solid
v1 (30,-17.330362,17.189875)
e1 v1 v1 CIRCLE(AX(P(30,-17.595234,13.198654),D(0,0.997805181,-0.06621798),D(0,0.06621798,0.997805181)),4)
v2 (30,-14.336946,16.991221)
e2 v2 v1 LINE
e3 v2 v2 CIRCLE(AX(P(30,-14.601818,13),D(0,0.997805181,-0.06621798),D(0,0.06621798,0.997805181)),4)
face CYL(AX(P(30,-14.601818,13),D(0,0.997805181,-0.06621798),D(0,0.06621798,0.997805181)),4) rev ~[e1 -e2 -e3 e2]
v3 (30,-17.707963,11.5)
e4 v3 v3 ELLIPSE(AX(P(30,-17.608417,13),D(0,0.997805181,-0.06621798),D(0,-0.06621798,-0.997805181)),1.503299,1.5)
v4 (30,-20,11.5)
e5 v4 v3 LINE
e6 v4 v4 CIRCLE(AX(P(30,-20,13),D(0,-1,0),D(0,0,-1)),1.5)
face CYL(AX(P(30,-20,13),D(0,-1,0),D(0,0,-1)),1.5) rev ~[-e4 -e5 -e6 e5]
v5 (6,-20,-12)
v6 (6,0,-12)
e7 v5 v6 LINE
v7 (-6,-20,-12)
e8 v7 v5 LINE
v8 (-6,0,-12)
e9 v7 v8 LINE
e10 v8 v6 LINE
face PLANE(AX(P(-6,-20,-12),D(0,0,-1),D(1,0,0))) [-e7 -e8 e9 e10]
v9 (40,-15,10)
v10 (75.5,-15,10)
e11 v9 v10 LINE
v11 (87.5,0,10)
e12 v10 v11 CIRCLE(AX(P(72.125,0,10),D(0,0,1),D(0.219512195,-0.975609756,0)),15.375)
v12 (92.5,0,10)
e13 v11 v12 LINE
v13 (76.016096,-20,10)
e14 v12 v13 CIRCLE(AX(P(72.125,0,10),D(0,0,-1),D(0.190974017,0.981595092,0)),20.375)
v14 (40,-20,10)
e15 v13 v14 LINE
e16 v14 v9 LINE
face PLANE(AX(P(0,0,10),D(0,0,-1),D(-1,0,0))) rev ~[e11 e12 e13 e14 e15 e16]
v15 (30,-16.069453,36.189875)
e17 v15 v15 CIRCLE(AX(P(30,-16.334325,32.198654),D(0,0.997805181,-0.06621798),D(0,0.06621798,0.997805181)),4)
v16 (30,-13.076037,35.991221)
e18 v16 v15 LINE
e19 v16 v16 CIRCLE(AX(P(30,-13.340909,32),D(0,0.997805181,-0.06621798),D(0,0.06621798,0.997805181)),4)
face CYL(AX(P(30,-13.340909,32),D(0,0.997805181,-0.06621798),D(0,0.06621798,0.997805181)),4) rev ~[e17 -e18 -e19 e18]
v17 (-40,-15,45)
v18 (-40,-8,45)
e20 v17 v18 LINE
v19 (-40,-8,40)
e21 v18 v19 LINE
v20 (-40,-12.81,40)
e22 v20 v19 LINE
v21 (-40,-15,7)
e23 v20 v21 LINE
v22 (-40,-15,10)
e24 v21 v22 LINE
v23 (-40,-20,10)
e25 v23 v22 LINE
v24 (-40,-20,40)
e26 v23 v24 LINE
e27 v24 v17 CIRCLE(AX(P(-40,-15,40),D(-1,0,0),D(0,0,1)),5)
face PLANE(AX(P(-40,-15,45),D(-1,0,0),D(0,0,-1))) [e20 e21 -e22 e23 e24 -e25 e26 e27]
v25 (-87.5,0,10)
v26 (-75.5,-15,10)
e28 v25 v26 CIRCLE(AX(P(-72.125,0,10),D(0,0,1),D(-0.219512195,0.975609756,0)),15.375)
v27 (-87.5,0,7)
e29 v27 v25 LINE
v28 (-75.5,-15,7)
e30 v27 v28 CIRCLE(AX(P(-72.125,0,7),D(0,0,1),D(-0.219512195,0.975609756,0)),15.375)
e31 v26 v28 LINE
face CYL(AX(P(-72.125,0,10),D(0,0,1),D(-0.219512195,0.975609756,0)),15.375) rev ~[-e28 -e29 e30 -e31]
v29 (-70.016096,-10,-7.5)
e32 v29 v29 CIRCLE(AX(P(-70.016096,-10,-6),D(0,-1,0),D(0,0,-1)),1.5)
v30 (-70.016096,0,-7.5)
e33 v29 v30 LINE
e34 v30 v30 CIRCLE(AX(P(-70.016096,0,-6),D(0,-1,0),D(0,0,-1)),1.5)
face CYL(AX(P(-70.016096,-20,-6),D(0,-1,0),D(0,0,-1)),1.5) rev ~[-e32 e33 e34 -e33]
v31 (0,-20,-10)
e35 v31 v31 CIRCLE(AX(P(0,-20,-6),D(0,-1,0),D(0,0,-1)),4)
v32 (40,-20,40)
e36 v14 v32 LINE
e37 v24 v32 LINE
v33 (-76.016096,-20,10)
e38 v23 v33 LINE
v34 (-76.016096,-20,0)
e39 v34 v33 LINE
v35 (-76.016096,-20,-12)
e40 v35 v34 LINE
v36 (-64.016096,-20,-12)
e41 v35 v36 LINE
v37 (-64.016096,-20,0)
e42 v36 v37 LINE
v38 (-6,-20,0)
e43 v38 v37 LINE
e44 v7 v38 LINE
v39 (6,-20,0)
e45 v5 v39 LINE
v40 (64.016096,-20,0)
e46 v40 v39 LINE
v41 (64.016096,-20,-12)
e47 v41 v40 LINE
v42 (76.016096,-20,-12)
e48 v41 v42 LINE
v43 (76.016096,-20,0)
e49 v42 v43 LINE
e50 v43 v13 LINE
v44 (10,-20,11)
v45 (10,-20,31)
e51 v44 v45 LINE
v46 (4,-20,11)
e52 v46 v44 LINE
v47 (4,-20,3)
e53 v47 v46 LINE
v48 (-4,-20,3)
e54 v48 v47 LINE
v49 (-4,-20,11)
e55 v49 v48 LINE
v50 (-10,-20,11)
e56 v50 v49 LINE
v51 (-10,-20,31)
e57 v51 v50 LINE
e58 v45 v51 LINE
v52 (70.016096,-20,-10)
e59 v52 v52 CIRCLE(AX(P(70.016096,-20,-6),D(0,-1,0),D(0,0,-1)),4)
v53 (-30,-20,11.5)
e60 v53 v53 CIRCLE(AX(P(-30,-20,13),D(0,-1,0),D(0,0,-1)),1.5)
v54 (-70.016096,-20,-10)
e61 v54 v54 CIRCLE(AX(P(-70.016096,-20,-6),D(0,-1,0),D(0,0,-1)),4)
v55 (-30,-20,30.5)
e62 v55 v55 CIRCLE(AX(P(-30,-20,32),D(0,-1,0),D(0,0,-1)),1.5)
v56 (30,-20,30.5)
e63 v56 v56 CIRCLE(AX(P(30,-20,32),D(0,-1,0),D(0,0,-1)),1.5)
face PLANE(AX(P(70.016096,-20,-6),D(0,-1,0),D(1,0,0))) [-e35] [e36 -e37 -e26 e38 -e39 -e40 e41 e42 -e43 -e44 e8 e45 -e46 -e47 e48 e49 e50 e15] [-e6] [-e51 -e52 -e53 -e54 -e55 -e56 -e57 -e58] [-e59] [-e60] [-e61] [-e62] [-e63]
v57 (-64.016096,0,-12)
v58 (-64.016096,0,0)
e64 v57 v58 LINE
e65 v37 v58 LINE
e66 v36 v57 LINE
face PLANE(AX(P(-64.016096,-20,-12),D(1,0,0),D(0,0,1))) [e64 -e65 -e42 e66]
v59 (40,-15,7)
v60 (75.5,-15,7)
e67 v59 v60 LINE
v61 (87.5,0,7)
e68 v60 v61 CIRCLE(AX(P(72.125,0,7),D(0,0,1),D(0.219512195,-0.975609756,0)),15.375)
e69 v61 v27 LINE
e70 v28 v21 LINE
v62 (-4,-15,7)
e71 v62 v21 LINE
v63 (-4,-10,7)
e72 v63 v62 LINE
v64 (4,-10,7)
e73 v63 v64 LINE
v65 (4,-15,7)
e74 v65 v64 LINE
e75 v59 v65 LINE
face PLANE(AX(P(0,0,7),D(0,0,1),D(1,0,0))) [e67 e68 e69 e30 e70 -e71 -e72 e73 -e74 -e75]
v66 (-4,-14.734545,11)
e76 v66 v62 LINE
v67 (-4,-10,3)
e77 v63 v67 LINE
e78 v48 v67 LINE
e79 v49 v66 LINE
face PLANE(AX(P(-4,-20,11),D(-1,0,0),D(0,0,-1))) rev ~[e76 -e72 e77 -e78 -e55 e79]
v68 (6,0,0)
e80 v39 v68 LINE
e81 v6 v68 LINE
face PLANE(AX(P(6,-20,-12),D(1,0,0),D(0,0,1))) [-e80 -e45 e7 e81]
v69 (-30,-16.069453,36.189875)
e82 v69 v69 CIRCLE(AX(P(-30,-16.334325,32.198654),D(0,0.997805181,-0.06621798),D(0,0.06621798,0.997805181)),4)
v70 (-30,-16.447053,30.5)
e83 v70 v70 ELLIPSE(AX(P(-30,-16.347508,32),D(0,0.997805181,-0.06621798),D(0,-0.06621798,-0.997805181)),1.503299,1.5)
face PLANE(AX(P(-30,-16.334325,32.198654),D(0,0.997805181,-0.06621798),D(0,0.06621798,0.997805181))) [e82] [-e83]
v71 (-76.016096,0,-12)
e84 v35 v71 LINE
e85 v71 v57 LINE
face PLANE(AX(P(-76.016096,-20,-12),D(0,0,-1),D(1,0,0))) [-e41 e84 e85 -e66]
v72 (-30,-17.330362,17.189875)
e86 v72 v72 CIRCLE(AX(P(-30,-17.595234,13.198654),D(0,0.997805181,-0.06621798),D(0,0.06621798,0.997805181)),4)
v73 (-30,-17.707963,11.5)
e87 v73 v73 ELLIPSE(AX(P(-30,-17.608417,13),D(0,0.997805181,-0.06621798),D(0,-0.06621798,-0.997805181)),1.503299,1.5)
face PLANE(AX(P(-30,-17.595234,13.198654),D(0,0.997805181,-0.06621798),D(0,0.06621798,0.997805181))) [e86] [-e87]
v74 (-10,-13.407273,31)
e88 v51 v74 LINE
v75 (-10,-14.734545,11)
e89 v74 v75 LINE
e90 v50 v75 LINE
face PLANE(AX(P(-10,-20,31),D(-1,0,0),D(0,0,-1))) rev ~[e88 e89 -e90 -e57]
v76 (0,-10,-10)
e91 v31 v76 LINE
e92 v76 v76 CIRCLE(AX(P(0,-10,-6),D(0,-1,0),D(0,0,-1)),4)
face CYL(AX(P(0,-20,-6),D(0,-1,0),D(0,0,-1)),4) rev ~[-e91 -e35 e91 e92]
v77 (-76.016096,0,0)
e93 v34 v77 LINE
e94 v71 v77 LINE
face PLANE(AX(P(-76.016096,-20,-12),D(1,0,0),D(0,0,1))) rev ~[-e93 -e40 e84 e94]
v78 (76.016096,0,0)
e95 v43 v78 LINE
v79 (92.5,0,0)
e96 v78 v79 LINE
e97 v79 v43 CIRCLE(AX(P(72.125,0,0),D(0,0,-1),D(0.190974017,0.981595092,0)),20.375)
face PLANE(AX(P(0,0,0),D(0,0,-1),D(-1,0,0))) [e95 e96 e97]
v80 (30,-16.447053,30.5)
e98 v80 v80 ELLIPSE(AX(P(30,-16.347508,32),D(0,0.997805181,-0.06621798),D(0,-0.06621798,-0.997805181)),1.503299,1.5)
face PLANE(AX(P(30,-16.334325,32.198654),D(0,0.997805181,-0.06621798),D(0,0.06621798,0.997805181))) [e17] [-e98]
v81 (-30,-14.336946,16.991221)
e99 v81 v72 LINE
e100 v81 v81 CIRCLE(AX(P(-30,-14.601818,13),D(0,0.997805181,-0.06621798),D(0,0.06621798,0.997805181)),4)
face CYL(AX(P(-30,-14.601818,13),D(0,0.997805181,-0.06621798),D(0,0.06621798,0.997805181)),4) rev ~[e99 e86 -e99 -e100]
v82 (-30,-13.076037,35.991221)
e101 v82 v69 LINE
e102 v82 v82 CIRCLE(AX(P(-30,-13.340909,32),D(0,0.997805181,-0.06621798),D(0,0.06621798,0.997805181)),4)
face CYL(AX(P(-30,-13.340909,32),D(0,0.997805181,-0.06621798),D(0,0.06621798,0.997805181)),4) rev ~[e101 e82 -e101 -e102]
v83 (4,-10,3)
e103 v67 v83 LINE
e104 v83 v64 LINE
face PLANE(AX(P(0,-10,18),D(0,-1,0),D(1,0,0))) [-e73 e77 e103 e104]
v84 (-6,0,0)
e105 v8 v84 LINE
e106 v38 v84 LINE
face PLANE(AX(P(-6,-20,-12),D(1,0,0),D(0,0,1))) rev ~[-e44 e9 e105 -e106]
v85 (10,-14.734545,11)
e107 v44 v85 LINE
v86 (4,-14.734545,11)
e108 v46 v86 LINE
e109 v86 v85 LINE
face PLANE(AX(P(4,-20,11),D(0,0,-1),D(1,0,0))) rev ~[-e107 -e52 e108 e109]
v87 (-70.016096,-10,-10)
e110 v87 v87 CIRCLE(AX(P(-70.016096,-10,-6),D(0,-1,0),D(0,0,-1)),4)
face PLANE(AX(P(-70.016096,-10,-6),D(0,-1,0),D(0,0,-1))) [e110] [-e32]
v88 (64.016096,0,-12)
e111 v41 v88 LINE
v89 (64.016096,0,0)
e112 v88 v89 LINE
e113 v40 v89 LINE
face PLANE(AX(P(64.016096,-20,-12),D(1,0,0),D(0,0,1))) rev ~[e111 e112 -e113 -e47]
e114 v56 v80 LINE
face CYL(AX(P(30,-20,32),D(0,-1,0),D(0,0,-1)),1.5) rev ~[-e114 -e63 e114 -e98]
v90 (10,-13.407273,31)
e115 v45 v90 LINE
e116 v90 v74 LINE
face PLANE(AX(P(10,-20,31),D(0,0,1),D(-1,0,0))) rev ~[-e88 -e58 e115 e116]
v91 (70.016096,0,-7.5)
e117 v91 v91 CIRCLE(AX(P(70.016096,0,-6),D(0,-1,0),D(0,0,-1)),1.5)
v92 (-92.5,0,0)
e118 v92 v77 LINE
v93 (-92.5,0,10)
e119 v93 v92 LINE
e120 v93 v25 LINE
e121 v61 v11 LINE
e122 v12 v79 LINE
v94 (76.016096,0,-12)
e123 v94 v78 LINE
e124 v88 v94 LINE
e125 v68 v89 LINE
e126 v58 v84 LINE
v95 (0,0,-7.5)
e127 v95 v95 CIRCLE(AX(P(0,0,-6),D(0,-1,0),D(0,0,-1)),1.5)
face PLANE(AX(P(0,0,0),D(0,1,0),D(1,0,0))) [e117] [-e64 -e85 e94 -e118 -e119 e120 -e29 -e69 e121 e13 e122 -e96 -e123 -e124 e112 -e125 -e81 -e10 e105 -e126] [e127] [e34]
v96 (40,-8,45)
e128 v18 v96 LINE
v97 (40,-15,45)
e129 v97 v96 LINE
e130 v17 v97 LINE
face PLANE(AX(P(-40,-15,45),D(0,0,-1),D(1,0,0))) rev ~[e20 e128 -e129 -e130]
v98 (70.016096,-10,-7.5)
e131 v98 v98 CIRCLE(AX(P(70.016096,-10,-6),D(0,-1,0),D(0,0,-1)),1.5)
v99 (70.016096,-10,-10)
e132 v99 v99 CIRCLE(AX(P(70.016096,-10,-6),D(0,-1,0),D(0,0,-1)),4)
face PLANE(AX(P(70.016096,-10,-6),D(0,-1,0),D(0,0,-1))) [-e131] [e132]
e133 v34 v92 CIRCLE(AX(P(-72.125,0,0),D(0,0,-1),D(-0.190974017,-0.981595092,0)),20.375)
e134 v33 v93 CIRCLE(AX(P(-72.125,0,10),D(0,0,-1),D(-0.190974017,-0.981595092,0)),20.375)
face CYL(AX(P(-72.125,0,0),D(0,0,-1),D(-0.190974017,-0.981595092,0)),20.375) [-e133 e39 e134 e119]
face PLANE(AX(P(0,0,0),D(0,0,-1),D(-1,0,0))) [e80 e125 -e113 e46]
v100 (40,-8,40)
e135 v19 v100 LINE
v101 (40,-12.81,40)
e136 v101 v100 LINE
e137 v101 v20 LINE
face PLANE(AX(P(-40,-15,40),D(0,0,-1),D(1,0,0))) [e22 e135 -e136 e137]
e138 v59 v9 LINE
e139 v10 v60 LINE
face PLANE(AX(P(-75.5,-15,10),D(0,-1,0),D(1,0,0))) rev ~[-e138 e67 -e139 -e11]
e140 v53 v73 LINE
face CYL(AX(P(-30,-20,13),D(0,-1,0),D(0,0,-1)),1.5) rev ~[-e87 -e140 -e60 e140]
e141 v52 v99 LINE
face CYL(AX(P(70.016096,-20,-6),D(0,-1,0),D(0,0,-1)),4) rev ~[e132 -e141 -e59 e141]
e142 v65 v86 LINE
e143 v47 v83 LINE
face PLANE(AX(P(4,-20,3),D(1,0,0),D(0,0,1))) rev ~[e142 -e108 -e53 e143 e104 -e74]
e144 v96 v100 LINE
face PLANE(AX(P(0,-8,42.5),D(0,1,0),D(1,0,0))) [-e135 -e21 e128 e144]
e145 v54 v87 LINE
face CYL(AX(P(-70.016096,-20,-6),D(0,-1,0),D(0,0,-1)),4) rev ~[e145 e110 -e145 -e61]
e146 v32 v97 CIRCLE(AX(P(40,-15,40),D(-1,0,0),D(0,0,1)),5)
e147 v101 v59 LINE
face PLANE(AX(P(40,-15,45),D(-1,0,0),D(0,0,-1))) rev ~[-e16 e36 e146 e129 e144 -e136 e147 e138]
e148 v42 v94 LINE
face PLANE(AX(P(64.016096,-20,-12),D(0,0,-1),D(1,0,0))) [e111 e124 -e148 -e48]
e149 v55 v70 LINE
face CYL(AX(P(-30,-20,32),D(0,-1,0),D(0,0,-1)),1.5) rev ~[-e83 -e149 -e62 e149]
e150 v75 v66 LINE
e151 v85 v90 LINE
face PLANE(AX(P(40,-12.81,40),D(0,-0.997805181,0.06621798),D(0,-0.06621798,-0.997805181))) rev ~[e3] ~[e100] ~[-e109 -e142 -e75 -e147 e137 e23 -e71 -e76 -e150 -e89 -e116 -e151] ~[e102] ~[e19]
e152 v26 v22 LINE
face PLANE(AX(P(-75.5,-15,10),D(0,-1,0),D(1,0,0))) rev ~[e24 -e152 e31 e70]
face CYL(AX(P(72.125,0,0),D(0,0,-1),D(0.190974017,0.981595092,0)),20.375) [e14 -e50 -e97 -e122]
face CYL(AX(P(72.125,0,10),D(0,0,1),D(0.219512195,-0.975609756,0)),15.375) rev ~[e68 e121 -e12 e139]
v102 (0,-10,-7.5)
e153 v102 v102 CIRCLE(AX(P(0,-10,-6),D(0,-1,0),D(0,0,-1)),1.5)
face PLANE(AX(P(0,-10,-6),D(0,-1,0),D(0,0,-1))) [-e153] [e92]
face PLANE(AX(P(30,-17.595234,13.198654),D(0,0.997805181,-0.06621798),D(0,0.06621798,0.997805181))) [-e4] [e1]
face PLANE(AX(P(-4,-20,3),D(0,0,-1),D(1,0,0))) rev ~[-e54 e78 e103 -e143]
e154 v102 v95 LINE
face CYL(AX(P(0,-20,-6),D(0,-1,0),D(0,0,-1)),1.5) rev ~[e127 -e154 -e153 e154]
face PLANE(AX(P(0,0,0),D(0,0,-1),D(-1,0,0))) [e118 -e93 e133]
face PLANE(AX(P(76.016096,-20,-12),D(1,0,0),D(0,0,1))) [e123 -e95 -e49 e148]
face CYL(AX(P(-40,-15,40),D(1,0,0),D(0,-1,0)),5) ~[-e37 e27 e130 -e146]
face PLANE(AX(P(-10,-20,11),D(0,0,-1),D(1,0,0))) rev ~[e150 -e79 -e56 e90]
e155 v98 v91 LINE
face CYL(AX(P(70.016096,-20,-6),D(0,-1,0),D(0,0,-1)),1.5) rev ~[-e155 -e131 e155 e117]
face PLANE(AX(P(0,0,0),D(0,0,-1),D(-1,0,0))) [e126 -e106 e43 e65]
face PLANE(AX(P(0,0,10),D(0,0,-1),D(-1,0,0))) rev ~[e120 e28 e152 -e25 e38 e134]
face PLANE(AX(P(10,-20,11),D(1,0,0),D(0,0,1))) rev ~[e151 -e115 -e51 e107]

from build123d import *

# Parameters (mm, degrees)
ESTRUSIONE_ESTRUSIONE1_DEPTH  = 10
TAGLIO_ESTRUSIONE1_DEPTH      = 3
SCHIZZO4_W                    = 80
SCHIZZO4_H                    = 5
ESTRUSIONE_ESTRUSIONE2_DEPTH  = 35
ESTRUSIONE_ESTRUSIONE4_DEPTH  = 80
SCHIZZO7_W                    = 80
SCHIZZO7_H                    = 5
ESTRUSIONE_ESTRUSIONE5_DEPTH  = 7
TAGLIO_ESTRUSIONE2_REACH      = 112.369
SCHIZZO8_R                    = 1.5
RACCORDO1_R                   = 5
RACCORDO2_R                   = 5
TAGLIO_ESTRUSIONE3_DEPTH      = 111.368700273
TAGLIO_ESTRUSIONE3_DEPTH_BACK = 10
SCHIZZO11_R                   = 4
TAGLIO_ESTRUSIONE4_DEPTH      = 3
SCHIZZO12_W                   = 12
SCHIZZO12_H                   = 12
ESTRUSIONE_ESTRUSIONE6_DEPTH  = 40
SCHIZZO13_R                   = 1.5
TAGLIO_ESTRUSIONE5_DEPTH      = 111.368700273
SCHIZZO14_R                   = 4
TAGLIO_ESTRUSIONE6_DEPTH      = 10


with BuildPart() as part:
    # Schizzo1 → Estrusione-Estrusione1 (new body)
    with BuildSketch(Plane.XY):
        with BuildLine():
            Line((-76.016095604, 20), (76.016095604, 20))
            ThreePointArc((76.016095604, 20), (92.5, 0), (76.016095604, -20))
            Line((76.016095604, -20), (-76.016095604, -20))
            ThreePointArc((-76.016095604, -20), (-92.5, 0), (-76.016095604, 20))
        make_face()
    extrude(amount=ESTRUSIONE_ESTRUSIONE1_DEPTH)

    # Schizzo3 → Taglio-Estrusione1 (cut)
    with BuildSketch(Plane.XY.offset(10)):
        with BuildLine():
            Line((-75.5, -15), (75.5, -15))
            ThreePointArc((75.5, -15), (87.5, 0), (75.5, 15))
            Line((75.5, 15), (-75.5, 15))
            ThreePointArc((-75.5, 15), (-87.5, 0), (-75.5, -15))
        make_face()
    extrude(amount=-TAGLIO_ESTRUSIONE1_DEPTH, mode=Mode.SUBTRACT)

    # Schizzo4 → Estrusione-Estrusione2 (add)
    with BuildSketch(Plane.XY.offset(10)):
        with Locations((0, -17.5)):
            Rectangle(SCHIZZO4_W, SCHIZZO4_H)
    estrusione_estrusione2 = extrude(amount=ESTRUSIONE_ESTRUSIONE2_DEPTH)

    # Schizzo6 → Estrusione-Estrusione4 (add)
    with BuildSketch(Plane(origin=(40, 0, 0), x_dir=(0, 0, -1), z_dir=(1, 0, 0))):
        Polygon((-40, -15), (-40, -12.81), (-7, -15), align=None)
    estrusione_estrusione4 = extrude(amount=-ESTRUSIONE_ESTRUSIONE4_DEPTH)

    # Schizzo7 → Estrusione-Estrusione5 (add)
    with BuildSketch(Plane(origin=(0, -15, 0), x_dir=(1, 0, 0), z_dir=(0, 1, 0))):
        with Locations((0, -42.5)):
            Rectangle(SCHIZZO7_W, SCHIZZO7_H)
    estrusione_estrusione5 = extrude(amount=ESTRUSIONE_ESTRUSIONE5_DEPTH)

    # Taglio-Estrusione2: up to this plane
    taglio_estrusione2_end = Plane(origin=(-40, -12.81, 40), z_dir=(1.4576135341627736e-15, 0.9978051809344605, -0.0662179801892863))
    # Schizzo8 → Taglio-Estrusione2 (cut, up to the surface)
    with BuildSketch(Plane.XZ.offset(20), mode=Mode.PRIVATE) as taglio_estrusione2_sk1:
        with Locations(Location((-30, 13, 0), (0, 0, 270))):
            Circle(SCHIZZO8_R)
    taglio_estrusione2_tool1 = split(extrude(taglio_estrusione2_sk1.sketch, amount=-TAGLIO_ESTRUSIONE2_REACH, mode=Mode.PRIVATE), bisect_by=taglio_estrusione2_end, keep=Keep.BOTH, mode=Mode.PRIVATE)
    add(taglio_estrusione2_tool1.solids().sort_by_distance((-30, -20, 13))[0], mode=Mode.SUBTRACT)
    # Schizzo8 → Taglio-Estrusione2 (cut, up to the surface)
    with BuildSketch(Plane.XZ.offset(20), mode=Mode.PRIVATE) as taglio_estrusione2_sk2:
        with Locations(Location((-30, 32, 0), (0, 0, 270))):
            Circle(SCHIZZO8_R)
    taglio_estrusione2_tool2 = split(extrude(taglio_estrusione2_sk2.sketch, amount=-TAGLIO_ESTRUSIONE2_REACH, mode=Mode.PRIVATE), bisect_by=taglio_estrusione2_end, keep=Keep.BOTH, mode=Mode.PRIVATE)
    add(taglio_estrusione2_tool2.solids().sort_by_distance((-30, -20, 32))[0], mode=Mode.SUBTRACT)
    # Schizzo8 → Taglio-Estrusione2 (cut, up to the surface)
    with BuildSketch(Plane.XZ.offset(20), mode=Mode.PRIVATE) as taglio_estrusione2_sk3:
        with Locations(Location((30, 13, 0), (0, 0, 270))):
            Circle(SCHIZZO8_R)
    taglio_estrusione2_tool3 = split(extrude(taglio_estrusione2_sk3.sketch, amount=-TAGLIO_ESTRUSIONE2_REACH, mode=Mode.PRIVATE), bisect_by=taglio_estrusione2_end, keep=Keep.BOTH, mode=Mode.PRIVATE)
    add(taglio_estrusione2_tool3.solids().sort_by_distance((30, -20, 13))[0], mode=Mode.SUBTRACT)
    # Schizzo8 → Taglio-Estrusione2 (cut, up to the surface)
    with BuildSketch(Plane.XZ.offset(20), mode=Mode.PRIVATE) as taglio_estrusione2_sk4:
        with Locations(Location((30, 32, 0), (0, 0, 270))):
            Circle(SCHIZZO8_R)
    taglio_estrusione2_tool4 = split(extrude(taglio_estrusione2_sk4.sketch, amount=-TAGLIO_ESTRUSIONE2_REACH, mode=Mode.PRIVATE), bisect_by=taglio_estrusione2_end, keep=Keep.BOTH, mode=Mode.PRIVATE)
    add(taglio_estrusione2_tool4.solids().sort_by_distance((30, -20, 32))[0], mode=Mode.SUBTRACT)

    # Specchia1: Estrusione-Estrusione2, Estrusione-Estrusione4, Estrusione-Estrusione5 across plane
    add(estrusione_estrusione2.mirror(Plane.ZX))
    add(estrusione_estrusione4.mirror(Plane.ZX))
    add(estrusione_estrusione5.mirror(Plane.ZX))

    # Raccordo1
    raccordo1_edges = [part.edges().sort_by_distance(p)[0] for p in [
        (0, -20, 45),
    ]]
    fillet(raccordo1_edges, radius=RACCORDO1_R)

    # Raccordo2
    raccordo2_edges = [part.edges().sort_by_distance(p)[0] for p in [
        (0, 20, 45),
    ]]
    fillet(raccordo2_edges, radius=RACCORDO2_R)

    # Schizzo9 → Taglio-Estrusione3 (cut, two sides)
    with BuildSketch(Plane.XZ.offset(20)) as taglio_estrusione3_sk:
        Polygon((-4, 11), (-4, 3), (4, 3), (4, 11), (10, 11), (10, 31), (-10, 31), (-10, 11), align=None)
    extrude(amount=TAGLIO_ESTRUSIONE3_DEPTH, mode=Mode.SUBTRACT)
    extrude(taglio_estrusione3_sk.sketch, amount=-TAGLIO_ESTRUSIONE3_DEPTH_BACK, mode=Mode.SUBTRACT)

    # Schizzo11 → Taglio-Estrusione4 (cut)
    with BuildSketch(Plane(origin=(0, -15.396736192, 1.021783402), x_dir=(1, 0, 0), z_dir=(1.4576135341627738e-15, 0.9978051809344605, -0.06621798018928632))):
        with Locations(Location((-30, -12.004564445, 0), (0, 0, 270))):
            Circle(SCHIZZO11_R)
        with Locations(Location((-30, -31.046357736, 0), (0, 0, 270))):
            Circle(SCHIZZO11_R)
        with Locations(Location((30, -31.046357736, 0), (0, 0, 270))):
            Circle(SCHIZZO11_R)
        with Locations(Location((30, -12.004564445, 0), (0, 0, 270))):
            Circle(SCHIZZO11_R)
    extrude(amount=-TAGLIO_ESTRUSIONE4_DEPTH, mode=Mode.SUBTRACT)

    # Schizzo12 → Estrusione-Estrusione6 (add)
    with BuildSketch(Plane.XZ.offset(20)):
        with Locations((70.016095604, -6)):
            Rectangle(SCHIZZO12_W, SCHIZZO12_H)
        with Locations((-70.016095604, -6)):
            Rectangle(SCHIZZO12_W, SCHIZZO12_H)
        with Locations((0, -6)):
            Rectangle(SCHIZZO12_W, SCHIZZO12_H)
    extrude(amount=-ESTRUSIONE_ESTRUSIONE6_DEPTH)

    # Schizzo13 → Taglio-Estrusione5 (cut, through all)
    with BuildSketch(Plane.XZ.offset(20)):
        with Locations(Location((-70.016095604, -6, 0), (0, 0, 270))):
            Circle(SCHIZZO13_R)
        with Locations(Location((0, -6, 0), (0, 0, 270))):
            Circle(SCHIZZO13_R)
        with Locations(Location((70.016095604, -6, 0), (0, 0, 270))):
            Circle(SCHIZZO13_R)
    extrude(amount=-TAGLIO_ESTRUSIONE5_DEPTH, mode=Mode.SUBTRACT)

    # Schizzo14 → Taglio-Estrusione6 (cut)
    with BuildSketch(Plane.XZ.offset(20)):
        with Locations(Location((-70.016095604, -6, 0), (0, 0, 270))):
            Circle(SCHIZZO14_R)
        with Locations(Location((0, -6, 0), (0, 0, 270))):
            Circle(SCHIZZO14_R)
        with Locations(Location((70.016095604, -6, 0), (0, 0, 270))):
            Circle(SCHIZZO14_R)
    taglio_estrusione6 = extrude(amount=-TAGLIO_ESTRUSIONE6_DEPTH, mode=Mode.SUBTRACT)

    # Specchia2: Taglio-Estrusione6 across plane
    add(taglio_estrusione6.mirror(Plane.ZX), mode=Mode.SUBTRACT)

    # TaglioSuperficie1
    split(bisect_by=Plane(origin=(0, 0, 0), x_dir=(1, 0, 0), z_dir=(0, 1, 0)), keep=Keep.BOTTOM)


solid = part.part
